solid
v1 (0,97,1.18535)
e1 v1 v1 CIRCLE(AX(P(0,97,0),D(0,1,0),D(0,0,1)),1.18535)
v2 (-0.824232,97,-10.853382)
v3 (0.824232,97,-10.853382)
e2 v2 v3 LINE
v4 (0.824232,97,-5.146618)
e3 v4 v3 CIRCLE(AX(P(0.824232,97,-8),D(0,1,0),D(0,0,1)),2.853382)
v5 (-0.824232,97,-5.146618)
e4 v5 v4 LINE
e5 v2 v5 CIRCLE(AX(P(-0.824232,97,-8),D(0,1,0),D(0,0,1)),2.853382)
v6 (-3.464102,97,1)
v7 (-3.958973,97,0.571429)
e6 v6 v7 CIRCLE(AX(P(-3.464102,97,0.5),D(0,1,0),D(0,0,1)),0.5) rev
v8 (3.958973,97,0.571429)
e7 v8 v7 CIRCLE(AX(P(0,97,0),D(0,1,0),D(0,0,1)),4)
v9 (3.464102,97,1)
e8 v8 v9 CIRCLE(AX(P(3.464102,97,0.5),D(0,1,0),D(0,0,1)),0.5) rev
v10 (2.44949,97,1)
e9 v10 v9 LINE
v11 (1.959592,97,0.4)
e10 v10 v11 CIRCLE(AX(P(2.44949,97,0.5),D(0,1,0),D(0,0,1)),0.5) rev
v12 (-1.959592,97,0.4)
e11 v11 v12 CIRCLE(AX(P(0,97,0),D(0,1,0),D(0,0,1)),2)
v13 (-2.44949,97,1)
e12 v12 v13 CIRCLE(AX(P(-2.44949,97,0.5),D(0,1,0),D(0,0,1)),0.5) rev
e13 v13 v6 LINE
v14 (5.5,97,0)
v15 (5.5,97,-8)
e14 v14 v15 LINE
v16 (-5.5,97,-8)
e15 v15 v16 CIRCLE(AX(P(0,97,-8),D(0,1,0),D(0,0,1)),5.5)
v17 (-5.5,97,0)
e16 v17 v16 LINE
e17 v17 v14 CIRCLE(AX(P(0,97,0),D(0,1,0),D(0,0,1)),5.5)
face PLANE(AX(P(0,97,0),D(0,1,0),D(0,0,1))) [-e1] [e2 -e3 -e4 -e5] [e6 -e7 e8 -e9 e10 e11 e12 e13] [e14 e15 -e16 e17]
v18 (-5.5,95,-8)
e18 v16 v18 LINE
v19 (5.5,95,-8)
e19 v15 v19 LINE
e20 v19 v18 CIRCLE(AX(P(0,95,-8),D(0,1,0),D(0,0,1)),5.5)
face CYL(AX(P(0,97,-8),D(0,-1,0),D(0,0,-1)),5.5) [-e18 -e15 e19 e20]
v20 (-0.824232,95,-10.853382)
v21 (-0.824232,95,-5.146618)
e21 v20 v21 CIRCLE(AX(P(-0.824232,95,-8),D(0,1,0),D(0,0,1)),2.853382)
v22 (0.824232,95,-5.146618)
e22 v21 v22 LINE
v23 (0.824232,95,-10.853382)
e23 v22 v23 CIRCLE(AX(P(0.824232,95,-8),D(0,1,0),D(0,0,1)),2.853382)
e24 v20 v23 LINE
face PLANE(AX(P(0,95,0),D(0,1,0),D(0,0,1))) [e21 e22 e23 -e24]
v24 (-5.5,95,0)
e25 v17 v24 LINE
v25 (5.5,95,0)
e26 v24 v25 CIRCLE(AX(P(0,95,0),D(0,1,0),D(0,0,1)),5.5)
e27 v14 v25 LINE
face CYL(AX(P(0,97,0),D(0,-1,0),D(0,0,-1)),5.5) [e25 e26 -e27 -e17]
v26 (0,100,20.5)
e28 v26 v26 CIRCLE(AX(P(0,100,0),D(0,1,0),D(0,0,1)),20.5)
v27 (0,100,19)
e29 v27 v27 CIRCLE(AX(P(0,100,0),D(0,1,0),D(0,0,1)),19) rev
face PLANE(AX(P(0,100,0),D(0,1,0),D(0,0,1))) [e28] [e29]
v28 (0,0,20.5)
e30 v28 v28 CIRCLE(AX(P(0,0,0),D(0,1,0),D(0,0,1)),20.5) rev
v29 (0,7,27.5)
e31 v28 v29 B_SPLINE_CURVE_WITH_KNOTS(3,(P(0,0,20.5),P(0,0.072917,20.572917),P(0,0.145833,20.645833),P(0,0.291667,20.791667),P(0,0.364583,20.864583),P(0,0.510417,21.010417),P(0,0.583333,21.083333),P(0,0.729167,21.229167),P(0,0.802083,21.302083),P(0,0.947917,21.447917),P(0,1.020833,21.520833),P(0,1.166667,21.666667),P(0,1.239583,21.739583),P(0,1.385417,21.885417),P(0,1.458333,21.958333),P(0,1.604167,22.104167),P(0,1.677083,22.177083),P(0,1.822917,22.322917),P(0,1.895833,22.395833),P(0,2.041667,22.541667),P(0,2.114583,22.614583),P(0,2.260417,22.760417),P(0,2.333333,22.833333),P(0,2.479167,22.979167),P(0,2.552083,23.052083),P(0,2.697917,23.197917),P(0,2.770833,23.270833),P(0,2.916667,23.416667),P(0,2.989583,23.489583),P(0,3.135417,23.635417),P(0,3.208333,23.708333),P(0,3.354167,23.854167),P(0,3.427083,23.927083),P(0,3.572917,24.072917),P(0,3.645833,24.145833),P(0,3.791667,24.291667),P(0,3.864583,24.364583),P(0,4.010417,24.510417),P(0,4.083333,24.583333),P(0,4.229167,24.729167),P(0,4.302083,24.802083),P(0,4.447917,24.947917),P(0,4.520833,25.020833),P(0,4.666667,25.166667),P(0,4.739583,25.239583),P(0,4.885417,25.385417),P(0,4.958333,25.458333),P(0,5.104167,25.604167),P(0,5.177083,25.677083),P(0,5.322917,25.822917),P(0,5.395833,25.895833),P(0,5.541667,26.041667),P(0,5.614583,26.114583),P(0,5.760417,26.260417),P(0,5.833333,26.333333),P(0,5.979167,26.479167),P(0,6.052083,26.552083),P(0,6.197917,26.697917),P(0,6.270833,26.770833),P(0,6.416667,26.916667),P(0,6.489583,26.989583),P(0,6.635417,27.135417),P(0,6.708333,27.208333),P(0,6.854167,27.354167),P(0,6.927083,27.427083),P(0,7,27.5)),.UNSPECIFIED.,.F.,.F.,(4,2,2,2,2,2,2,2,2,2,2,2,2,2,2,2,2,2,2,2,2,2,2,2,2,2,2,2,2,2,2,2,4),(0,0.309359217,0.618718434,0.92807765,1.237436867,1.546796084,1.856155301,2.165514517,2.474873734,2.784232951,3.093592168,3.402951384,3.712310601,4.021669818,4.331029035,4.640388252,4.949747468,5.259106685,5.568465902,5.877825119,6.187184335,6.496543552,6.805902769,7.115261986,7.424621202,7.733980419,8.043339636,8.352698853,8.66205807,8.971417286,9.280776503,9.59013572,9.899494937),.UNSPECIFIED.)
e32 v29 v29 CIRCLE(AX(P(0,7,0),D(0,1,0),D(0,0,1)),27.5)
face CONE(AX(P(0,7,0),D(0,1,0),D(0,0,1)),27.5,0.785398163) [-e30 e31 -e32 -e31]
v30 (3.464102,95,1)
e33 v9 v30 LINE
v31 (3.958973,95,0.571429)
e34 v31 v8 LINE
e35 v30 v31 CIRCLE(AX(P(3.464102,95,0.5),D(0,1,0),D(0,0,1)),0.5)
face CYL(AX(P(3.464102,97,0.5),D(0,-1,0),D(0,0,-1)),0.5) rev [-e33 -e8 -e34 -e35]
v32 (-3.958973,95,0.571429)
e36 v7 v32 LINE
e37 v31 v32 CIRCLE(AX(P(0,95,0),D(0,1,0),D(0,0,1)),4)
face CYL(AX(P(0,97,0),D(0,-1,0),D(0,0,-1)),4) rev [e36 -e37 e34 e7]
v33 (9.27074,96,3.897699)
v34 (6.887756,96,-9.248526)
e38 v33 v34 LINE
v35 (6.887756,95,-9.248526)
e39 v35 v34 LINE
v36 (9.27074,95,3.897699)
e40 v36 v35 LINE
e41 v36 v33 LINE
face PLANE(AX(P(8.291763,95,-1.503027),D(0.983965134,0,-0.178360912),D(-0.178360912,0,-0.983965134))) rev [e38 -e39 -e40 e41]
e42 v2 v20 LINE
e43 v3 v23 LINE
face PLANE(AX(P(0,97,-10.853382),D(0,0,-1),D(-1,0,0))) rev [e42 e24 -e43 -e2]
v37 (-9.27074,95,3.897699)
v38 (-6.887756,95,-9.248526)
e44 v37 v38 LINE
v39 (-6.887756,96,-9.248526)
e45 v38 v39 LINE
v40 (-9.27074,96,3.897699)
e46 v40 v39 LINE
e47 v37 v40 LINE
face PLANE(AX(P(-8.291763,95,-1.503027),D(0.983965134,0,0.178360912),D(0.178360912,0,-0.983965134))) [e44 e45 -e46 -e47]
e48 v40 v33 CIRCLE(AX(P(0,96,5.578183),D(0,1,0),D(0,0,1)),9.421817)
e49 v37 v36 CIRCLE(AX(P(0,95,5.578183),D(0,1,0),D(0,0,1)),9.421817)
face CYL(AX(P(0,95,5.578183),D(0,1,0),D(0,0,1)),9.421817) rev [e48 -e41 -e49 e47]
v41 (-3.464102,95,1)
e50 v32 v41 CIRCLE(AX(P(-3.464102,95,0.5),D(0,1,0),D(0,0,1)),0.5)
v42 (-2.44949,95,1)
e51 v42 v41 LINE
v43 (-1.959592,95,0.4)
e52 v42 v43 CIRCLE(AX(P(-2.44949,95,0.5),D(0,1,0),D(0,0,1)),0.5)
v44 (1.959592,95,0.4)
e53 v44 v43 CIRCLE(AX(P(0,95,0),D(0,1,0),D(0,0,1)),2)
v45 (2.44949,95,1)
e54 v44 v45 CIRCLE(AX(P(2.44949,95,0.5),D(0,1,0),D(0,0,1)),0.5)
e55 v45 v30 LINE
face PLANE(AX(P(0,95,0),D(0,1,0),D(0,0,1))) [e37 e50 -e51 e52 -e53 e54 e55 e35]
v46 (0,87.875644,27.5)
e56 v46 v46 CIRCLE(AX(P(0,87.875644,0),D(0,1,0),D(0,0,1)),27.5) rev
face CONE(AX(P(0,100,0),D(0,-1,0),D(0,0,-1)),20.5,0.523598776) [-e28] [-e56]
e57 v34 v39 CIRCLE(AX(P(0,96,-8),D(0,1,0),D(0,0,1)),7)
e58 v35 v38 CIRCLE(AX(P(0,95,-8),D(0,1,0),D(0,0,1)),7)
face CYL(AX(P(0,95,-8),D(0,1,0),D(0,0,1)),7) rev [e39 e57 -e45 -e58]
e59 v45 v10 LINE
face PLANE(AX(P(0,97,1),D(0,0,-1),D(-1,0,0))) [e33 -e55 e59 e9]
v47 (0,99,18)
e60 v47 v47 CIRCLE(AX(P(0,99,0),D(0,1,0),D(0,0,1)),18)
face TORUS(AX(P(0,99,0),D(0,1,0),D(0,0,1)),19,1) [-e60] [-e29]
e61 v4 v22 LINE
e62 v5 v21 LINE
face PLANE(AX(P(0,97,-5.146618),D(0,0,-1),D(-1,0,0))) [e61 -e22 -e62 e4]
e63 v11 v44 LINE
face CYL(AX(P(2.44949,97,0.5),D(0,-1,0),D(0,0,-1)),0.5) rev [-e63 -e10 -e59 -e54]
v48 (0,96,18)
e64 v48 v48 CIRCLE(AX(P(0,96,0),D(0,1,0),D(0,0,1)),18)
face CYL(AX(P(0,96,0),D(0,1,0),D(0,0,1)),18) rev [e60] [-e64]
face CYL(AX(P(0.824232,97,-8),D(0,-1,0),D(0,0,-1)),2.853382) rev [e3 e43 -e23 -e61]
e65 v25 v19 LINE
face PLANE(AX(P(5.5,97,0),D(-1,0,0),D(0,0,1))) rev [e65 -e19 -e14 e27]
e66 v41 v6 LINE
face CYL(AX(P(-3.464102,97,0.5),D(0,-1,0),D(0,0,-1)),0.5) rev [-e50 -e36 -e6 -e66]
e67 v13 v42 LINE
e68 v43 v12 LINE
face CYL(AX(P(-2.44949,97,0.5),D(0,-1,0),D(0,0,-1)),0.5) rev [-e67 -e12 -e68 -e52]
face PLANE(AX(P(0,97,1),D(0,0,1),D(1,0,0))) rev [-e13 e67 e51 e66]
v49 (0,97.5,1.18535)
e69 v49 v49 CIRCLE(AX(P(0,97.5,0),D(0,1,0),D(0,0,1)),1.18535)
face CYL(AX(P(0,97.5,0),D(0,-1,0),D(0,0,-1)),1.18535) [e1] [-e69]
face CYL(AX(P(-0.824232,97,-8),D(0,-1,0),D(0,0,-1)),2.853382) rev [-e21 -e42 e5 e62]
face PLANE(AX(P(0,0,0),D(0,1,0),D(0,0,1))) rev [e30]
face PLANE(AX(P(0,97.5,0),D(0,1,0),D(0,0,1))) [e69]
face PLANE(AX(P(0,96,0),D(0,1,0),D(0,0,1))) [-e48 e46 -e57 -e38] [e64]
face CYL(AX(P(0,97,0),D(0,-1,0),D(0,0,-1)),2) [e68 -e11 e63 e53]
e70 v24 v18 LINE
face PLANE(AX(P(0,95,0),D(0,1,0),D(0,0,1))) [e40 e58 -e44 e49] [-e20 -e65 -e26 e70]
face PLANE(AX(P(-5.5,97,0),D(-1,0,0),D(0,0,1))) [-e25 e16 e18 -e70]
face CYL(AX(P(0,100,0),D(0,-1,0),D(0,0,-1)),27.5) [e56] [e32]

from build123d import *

# Parameters (mm, degrees)
SKETCH1_R           = 27.5
BOSS_EXTRUDE1_DEPTH = 100
CHAMFER1_SIZE       = 7
CHAMFER1_SIZE2      = 12.124355653
CHAMFER2_SIZE       = 7
SKETCH2_R           = 18
CUT_EXTRUDE1_DEPTH  = 4
FILLET1_R           = 1
CUT_EXTRUDE2_DEPTH  = 1
SKETCH6_R           = 2
BOSS_EXTRUDE2_DEPTH = 2
FILLET2_R           = 0.5
SKETCH7_R           = 1.185349533
BOSS_EXTRUDE3_DEPTH = 0.5


with BuildPart() as part:
    # Sketch1 → Boss-Extrude1 (new body)
    with BuildSketch(Plane(origin=(0, 0, 0), x_dir=(1, 0, 0), z_dir=(0, 1, 0))):
        with Locations(Location((0, 0, 0), (0, 0, 270))):
            Circle(SKETCH1_R)
    extrude(amount=BOSS_EXTRUDE1_DEPTH)

    # Chamfer1
    chamfer1_edges = [part.edges().sort_by_distance(p)[0] for p in [
        (0, 100, -27.5),
    ]]
    chamfer1_side = [part.faces().sort_by_distance(p)[0] for p in [
        (0, 100, 0),
    ]]
    chamfer(chamfer1_edges, length=CHAMFER1_SIZE, length2=CHAMFER1_SIZE2, reference=chamfer1_side[0])

    # Chamfer2
    chamfer2_edges = [part.edges().sort_by_distance(p)[0] for p in [
        (0, 0, -27.5),
    ]]
    chamfer(chamfer2_edges, length=CHAMFER2_SIZE)

    # Sketch2 → Cut-Extrude1 (cut)
    with BuildSketch(Plane(origin=(0, 100, 0), x_dir=(1, 0, 0), z_dir=(0, 1, 0))):
        with Locations(Location((0, 0, 0), (0, 0, 270))):
            Circle(SKETCH2_R)
    extrude(amount=-CUT_EXTRUDE1_DEPTH, mode=Mode.SUBTRACT)

    # Fillet1
    fillet1_edges = [part.edges().sort_by_distance(p)[0] for p in [
        (0, 100, -18),
    ]]
    fillet(fillet1_edges, radius=FILLET1_R)

    # Sketch4 → Cut-Extrude2 (cut)
    with BuildSketch(Plane(origin=(0, 96, 0), x_dir=(1, 0, 0), z_dir=(0, 1, 0))):
        with BuildLine():
            ThreePointArc((-9.270739516, -3.897699019), (0, -15), (9.270739516, -3.897699019))
            Line((9.270739516, -3.897699019), (6.887755938, 9.248526385))
            ThreePointArc((6.887755938, 9.248526385), (0, 15), (-6.887755938, 9.248526385))
            Line((-6.887755938, 9.248526385), (-9.270739516, -3.897699019))
        make_face()
    extrude(amount=-CUT_EXTRUDE2_DEPTH, mode=Mode.SUBTRACT)

    # Sketch6 → Boss-Extrude2 (add)
    # profile 1 of 2: a face of its own
    with BuildSketch(Plane(origin=(0, 95, 0), x_dir=(1, 0, 0), z_dir=(0, 1, 0))):
        with BuildLine():
            Line((-5.5, 8), (-5.5, 0))
            ThreePointArc((-5.5, 0), (0, -5.5), (5.5, 0))
            Line((5.5, 0), (5.5, 8))
            ThreePointArc((5.5, 8), (0, 13.5), (-5.5, 8))
        make_face()
        with BuildLine():
            Line((3.872983346, -1), (1.732050808, -1))
            ThreePointArc((1.732050808, -1), (0, -2), (-1.732050808, -1))
            Line((-1.732050808, -1), (-3.872983346, -1))
            ThreePointArc((-3.872983346, -1), (0, 4), (3.872983346, -1))
        make_face(mode=Mode.SUBTRACT)
        with BuildLine():
            ThreePointArc((-0.824231798, 5.146617712), (-3.677614086, 8), (-0.824231798, 10.853382288))
            Line((-0.824231798, 10.853382288), (0.824231798, 10.853382288))
            ThreePointArc((0.824231798, 10.853382288), (3.677614086, 8), (0.824231798, 5.146617712))
            Line((0.824231798, 5.146617712), (-0.824231798, 5.146617712))
        make_face(mode=Mode.SUBTRACT)
    # profile 2 of 2: a face of its own
    with BuildSketch(Plane(origin=(0, 95, 0), x_dir=(1, 0, 0), z_dir=(0, 1, 0))):
        Circle(SKETCH6_R)
    extrude(amount=BOSS_EXTRUDE2_DEPTH)

    # Fillet2
    fillet2_edges = [part.edges().sort_by_distance(p)[0] for p in [
        (-3.872983346, 96, 1),
        (3.872983346, 96, 1),
        (1.732050808, 96, 1),
        (-1.732050808, 96, 1),
    ]]
    fillet(fillet2_edges, radius=FILLET2_R)

    # Sketch7 → Boss-Extrude3 (add)
    with BuildSketch(Plane(origin=(0, 97, 0), x_dir=(1, 0, 0), z_dir=(0, 1, 0))):
        with Locations(Location((0, 0, 0), (0, 0, 270))):
            Circle(SKETCH7_R)
    extrude(amount=BOSS_EXTRUDE3_DEPTH)


solid = part.part
